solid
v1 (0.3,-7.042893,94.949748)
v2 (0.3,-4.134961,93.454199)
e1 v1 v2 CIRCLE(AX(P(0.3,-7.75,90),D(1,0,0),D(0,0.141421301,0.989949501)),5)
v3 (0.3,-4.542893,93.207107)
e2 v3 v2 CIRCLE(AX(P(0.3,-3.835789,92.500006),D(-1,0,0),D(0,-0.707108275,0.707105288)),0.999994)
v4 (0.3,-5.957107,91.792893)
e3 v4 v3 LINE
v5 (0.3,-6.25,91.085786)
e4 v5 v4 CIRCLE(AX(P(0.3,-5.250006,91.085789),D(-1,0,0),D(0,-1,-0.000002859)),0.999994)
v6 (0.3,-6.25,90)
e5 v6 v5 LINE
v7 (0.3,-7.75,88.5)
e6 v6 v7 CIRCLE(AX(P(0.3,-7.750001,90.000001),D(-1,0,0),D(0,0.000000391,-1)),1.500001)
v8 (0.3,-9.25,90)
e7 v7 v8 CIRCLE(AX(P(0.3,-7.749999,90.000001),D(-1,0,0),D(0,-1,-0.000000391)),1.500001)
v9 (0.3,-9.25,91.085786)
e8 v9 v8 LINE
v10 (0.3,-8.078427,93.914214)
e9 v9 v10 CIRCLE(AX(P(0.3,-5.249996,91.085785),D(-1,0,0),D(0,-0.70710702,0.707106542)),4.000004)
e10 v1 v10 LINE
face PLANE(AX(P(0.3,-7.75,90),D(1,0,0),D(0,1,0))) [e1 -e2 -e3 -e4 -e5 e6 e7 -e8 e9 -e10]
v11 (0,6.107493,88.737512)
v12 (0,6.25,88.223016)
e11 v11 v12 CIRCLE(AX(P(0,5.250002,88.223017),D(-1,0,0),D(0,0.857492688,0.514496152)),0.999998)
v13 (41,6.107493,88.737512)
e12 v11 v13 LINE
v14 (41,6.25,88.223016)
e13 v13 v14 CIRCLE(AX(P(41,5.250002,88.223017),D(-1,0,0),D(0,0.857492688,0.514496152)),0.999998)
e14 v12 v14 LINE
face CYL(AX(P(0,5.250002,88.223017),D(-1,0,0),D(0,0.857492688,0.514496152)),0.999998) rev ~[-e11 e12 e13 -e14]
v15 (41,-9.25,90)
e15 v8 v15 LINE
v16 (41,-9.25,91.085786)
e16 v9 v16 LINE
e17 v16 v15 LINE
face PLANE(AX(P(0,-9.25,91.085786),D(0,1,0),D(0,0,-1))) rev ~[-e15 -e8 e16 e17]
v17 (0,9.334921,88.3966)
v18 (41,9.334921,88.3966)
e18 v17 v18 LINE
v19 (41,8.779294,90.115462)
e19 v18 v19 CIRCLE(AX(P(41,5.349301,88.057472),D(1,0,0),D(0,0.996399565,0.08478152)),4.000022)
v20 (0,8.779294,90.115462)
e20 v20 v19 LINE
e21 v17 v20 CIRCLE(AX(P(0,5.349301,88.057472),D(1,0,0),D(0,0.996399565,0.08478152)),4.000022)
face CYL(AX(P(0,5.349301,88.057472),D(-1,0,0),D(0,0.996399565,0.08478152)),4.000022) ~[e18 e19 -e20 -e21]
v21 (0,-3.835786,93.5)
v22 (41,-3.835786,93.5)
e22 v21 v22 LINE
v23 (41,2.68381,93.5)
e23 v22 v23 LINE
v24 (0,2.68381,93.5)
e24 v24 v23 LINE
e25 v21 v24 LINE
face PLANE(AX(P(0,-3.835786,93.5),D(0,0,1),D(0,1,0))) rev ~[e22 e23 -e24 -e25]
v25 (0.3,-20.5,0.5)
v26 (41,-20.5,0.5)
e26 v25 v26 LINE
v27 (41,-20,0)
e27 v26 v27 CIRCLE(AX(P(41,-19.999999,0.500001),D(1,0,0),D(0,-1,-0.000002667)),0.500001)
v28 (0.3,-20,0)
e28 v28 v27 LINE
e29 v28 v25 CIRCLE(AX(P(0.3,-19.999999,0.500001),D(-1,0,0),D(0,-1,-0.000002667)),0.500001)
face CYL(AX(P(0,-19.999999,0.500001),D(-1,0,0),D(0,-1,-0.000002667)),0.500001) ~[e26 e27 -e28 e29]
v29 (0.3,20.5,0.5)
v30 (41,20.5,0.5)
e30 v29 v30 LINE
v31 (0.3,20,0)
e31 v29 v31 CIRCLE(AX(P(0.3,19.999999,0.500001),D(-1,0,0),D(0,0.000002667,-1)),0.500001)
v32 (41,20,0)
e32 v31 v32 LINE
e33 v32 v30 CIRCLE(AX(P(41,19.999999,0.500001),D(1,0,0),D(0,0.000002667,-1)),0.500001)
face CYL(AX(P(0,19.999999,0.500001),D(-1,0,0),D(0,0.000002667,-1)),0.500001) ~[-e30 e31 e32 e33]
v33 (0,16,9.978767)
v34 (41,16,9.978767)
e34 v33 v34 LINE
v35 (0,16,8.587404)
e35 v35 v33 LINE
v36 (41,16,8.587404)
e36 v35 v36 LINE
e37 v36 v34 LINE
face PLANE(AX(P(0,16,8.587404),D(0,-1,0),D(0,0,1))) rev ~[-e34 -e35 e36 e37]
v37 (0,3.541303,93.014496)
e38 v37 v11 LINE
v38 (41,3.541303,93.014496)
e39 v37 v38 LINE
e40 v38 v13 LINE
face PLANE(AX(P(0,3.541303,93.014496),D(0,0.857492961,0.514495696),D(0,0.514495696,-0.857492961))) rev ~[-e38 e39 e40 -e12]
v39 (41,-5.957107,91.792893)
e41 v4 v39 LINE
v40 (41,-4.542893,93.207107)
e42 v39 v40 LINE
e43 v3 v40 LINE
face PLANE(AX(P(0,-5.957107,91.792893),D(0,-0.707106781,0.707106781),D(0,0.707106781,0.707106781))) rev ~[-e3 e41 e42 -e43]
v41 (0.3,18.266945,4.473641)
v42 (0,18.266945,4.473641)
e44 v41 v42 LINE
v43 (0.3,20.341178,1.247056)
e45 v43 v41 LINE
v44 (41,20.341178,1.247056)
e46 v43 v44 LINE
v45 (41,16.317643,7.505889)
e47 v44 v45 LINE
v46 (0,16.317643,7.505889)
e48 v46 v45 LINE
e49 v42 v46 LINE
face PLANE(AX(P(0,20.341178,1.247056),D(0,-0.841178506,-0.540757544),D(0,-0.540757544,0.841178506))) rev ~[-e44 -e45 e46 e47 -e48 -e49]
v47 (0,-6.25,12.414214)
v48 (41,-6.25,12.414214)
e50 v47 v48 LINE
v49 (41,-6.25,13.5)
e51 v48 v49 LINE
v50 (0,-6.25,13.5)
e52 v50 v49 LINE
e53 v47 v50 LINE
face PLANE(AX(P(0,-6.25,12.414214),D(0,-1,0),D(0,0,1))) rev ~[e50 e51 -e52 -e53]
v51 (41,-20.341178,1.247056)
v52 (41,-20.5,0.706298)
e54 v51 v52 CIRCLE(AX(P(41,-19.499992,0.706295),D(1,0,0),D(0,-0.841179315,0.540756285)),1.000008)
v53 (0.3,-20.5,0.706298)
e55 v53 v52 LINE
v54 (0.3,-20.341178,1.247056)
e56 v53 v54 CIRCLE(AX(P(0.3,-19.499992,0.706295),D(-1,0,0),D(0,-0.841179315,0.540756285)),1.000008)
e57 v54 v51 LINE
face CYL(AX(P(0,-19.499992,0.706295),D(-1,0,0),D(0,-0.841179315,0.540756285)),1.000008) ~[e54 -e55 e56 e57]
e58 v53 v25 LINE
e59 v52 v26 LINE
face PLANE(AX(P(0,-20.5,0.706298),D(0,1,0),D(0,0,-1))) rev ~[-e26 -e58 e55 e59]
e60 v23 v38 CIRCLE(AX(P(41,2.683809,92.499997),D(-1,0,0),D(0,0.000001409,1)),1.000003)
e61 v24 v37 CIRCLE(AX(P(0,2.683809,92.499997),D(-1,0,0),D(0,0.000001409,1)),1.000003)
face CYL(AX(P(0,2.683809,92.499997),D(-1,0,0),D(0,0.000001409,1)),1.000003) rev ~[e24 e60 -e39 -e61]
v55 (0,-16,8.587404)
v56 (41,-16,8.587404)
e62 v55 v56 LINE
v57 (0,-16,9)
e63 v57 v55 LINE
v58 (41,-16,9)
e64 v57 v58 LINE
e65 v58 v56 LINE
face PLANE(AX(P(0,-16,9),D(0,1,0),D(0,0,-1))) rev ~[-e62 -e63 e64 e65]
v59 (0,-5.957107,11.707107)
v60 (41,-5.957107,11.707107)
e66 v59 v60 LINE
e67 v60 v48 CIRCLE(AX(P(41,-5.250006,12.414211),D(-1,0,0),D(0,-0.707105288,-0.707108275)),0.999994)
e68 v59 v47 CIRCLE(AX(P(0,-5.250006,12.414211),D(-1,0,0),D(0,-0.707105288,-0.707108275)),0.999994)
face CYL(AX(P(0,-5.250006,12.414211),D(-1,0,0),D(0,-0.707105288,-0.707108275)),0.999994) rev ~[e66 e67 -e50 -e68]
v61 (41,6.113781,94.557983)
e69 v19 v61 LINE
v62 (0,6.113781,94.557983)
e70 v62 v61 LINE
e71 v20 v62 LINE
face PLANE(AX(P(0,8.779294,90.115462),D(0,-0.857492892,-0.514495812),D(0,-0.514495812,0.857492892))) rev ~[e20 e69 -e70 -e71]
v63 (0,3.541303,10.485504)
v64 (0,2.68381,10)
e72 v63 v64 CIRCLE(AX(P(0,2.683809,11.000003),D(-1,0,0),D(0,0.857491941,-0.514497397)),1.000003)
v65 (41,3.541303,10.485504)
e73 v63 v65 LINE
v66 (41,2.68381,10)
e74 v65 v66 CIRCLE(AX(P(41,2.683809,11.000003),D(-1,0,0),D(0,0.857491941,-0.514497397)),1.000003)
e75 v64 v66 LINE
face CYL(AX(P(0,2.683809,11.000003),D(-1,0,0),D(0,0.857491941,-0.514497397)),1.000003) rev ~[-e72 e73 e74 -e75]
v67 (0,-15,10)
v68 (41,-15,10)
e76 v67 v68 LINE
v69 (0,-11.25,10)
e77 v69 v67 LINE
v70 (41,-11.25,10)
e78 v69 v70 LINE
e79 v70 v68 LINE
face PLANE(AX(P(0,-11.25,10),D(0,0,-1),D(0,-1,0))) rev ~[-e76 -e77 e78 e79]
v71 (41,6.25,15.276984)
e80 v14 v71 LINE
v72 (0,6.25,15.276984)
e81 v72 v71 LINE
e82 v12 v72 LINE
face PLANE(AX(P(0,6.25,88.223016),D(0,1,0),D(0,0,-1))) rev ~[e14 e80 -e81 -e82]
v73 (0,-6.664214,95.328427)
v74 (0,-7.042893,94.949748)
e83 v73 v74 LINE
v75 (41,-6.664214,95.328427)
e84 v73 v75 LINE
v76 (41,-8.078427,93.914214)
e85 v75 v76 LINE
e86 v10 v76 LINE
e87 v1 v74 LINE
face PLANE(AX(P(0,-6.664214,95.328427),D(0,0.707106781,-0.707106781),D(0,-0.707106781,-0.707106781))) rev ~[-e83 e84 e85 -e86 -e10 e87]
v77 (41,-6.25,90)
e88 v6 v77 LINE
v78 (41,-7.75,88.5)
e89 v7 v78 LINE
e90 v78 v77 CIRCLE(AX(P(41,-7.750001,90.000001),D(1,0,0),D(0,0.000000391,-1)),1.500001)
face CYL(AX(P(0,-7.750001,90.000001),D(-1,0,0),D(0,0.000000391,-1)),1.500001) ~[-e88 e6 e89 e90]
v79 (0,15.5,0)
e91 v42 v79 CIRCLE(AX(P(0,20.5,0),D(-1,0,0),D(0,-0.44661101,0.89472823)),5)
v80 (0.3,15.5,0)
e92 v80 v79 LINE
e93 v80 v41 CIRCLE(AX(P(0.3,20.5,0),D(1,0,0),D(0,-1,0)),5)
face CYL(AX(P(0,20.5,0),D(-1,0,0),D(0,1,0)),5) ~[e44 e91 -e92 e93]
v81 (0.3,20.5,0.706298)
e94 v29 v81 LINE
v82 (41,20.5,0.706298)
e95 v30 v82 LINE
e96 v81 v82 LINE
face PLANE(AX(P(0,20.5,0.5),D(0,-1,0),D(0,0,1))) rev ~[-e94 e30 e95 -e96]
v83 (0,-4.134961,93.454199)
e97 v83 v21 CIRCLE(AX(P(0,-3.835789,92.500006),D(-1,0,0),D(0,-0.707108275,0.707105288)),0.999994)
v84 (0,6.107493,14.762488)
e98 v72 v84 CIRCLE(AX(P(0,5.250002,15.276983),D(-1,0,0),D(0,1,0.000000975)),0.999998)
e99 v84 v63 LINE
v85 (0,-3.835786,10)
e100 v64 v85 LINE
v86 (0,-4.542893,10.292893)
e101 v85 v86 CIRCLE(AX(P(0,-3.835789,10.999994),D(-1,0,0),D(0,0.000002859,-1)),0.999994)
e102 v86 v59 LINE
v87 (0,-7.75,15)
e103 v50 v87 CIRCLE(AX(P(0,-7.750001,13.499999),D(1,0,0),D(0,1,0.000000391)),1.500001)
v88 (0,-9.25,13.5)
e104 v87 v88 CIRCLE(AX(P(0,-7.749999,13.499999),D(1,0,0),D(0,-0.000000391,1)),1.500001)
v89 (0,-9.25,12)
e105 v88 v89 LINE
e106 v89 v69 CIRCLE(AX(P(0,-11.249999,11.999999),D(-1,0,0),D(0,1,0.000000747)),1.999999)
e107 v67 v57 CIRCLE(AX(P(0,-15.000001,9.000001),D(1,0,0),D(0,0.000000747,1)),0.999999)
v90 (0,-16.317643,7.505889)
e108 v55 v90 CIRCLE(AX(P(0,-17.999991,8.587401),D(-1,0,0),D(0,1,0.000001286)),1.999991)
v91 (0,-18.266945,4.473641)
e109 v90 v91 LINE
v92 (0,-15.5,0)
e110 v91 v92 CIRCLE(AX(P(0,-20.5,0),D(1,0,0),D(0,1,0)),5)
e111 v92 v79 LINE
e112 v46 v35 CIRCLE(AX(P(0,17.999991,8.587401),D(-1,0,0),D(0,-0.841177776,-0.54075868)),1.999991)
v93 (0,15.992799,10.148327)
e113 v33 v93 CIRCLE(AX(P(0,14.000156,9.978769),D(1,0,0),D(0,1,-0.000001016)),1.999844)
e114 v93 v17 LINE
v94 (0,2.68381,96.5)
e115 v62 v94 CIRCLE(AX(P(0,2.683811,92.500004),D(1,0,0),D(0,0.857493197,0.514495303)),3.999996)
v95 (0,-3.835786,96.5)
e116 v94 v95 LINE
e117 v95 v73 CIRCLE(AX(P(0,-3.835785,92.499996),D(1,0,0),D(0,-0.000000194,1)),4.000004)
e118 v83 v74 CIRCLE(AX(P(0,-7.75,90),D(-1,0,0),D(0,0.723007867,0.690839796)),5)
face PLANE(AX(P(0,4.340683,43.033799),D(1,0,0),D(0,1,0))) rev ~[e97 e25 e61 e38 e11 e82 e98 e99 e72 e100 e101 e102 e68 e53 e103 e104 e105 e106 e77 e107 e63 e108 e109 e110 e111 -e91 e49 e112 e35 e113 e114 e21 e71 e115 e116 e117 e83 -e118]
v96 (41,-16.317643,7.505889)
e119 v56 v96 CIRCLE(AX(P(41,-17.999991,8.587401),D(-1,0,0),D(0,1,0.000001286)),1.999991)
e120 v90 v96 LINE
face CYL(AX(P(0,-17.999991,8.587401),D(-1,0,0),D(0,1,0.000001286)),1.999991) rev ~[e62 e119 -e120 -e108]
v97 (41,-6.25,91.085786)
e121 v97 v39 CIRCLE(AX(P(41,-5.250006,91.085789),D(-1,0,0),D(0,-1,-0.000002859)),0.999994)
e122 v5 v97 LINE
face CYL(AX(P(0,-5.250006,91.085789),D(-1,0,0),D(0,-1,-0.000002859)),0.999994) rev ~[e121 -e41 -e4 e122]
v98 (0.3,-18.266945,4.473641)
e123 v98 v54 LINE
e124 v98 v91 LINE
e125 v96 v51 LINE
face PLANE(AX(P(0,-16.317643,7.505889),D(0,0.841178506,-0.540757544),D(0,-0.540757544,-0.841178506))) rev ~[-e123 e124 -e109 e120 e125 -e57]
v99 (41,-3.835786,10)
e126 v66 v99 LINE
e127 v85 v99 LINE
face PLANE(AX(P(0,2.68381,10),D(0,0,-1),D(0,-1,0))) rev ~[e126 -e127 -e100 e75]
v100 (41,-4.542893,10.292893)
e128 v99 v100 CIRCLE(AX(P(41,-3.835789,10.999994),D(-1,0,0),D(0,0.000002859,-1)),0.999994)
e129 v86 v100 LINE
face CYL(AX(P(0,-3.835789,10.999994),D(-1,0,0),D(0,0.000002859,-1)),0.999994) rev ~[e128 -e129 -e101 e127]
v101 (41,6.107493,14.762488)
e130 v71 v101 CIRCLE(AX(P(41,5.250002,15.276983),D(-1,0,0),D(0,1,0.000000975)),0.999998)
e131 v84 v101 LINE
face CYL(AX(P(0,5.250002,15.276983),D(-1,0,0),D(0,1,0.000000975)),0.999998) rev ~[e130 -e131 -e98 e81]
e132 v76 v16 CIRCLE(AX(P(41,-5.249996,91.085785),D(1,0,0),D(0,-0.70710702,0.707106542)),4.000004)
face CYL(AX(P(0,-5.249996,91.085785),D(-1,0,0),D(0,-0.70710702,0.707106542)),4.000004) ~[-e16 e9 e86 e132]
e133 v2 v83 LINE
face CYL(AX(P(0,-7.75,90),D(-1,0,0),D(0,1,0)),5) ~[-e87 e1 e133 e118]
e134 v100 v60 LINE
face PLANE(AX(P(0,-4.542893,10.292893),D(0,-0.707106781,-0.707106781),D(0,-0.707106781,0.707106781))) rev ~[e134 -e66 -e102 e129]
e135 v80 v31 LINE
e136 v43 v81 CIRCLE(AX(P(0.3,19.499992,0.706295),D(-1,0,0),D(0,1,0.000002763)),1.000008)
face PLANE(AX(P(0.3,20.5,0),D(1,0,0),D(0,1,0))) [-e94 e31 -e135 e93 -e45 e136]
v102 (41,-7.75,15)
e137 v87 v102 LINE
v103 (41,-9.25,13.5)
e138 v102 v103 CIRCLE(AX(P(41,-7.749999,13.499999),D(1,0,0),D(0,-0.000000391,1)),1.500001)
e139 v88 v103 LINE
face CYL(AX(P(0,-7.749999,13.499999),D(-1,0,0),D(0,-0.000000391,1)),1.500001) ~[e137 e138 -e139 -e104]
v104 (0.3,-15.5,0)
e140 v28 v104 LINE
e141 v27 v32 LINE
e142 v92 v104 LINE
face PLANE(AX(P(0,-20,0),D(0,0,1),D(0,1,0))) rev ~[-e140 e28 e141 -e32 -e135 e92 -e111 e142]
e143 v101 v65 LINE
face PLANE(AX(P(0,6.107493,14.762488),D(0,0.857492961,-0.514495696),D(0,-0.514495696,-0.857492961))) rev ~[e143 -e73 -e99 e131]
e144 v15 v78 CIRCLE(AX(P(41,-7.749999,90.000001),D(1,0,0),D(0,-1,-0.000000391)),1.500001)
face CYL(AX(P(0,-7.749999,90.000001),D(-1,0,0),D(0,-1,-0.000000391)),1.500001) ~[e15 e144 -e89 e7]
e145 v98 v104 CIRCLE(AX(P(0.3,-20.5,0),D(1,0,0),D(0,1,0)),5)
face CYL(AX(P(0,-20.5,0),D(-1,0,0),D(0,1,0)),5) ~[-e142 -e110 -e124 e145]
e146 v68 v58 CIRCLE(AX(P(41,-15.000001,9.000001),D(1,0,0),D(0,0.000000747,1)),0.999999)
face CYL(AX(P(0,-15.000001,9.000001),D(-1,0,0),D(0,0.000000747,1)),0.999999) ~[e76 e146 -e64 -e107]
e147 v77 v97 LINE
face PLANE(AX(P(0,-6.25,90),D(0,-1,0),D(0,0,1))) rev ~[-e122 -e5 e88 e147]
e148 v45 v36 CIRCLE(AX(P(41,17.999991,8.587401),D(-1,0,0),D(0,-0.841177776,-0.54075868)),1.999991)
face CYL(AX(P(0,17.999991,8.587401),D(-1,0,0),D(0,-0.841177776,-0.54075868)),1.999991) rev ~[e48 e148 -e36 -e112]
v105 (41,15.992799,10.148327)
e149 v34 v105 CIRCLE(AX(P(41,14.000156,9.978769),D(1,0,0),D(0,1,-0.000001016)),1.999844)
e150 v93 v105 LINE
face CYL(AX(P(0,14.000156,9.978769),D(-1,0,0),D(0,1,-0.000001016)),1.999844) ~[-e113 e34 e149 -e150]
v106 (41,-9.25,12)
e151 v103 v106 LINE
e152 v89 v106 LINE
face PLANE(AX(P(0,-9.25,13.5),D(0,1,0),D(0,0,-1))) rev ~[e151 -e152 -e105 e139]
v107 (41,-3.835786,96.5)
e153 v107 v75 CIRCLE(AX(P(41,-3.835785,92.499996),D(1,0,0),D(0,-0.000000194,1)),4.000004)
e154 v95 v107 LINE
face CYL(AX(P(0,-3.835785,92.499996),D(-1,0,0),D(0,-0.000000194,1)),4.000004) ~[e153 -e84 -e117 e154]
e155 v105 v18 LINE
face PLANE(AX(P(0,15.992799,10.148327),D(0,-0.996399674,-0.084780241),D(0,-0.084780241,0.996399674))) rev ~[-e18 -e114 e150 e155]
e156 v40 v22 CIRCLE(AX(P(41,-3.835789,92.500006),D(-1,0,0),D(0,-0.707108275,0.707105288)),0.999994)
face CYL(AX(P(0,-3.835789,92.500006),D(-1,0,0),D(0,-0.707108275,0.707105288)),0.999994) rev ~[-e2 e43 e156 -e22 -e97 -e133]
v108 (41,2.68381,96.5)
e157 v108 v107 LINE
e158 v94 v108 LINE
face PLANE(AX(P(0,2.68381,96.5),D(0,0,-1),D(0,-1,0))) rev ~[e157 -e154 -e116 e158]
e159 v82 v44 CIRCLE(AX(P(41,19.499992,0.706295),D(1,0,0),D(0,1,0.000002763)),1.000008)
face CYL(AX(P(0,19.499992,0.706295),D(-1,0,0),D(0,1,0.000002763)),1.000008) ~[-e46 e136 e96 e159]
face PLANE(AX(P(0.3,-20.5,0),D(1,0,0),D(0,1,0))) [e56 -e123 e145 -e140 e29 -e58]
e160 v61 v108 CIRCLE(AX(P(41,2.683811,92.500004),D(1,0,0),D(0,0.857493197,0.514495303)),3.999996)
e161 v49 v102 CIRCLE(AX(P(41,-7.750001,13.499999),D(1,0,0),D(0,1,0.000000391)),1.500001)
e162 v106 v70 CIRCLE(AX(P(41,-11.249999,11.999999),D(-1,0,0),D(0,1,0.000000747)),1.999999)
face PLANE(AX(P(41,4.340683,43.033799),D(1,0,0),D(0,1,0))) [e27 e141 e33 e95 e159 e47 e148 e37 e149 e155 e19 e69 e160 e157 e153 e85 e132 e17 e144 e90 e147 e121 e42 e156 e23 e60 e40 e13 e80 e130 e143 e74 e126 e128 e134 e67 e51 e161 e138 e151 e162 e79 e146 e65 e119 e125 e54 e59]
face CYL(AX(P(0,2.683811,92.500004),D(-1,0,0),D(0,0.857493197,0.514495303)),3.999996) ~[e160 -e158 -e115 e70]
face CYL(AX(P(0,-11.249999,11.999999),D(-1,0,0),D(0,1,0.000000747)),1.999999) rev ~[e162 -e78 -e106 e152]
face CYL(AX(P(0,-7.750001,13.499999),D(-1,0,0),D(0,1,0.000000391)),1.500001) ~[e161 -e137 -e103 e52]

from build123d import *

# Parameters (mm, degrees)
F1_DEPTH = 41
F2_R     = 5
F3_DEPTH = 0.3


with BuildPart() as f1:
    # F0 (on Right) → F1 (new body)
    with BuildSketch(Plane.YZ):
        with BuildLine():
            Line((-20, 0), (0, 0))
            Line((0, 0), (20, 0))
            ThreePointArc((20, 0), (20.353553, 0.146447), (20.5, 0.5))
            Line((20.5, 0.5), (20.5, 0.706298))
            ThreePointArc((20.5, 0.706298), (20.459473, 0.988097), (20.341178, 1.247056))
            Line((20.341178, 1.247056), (16.317643, 7.505889))
            ThreePointArc((16.317643, 7.505889), (16.081053, 8.023805), (16, 8.587404))
            Line((16, 8.587404), (16, 9.978767))
            ThreePointArc((16, 9.978767), (15.998199, 10.063623), (15.992799, 10.148327))
            Line((15.992799, 10.148327), (9.334921, 88.3966))
            ThreePointArc((9.334921, 88.3966), (9.155408, 89.287807), (8.779294, 90.115462))
            Line((8.779294, 90.115462), (6.113781, 94.557983))
            ThreePointArc((6.113781, 94.557983), (4.654605, 95.9808), (2.68381, 96.5))
            Line((2.68381, 96.5), (-3.835786, 96.5))
            ThreePointArc((-3.835786, 96.5), (-5.36652, 96.195518), (-6.664214, 95.328427))
            Line((-6.664214, 95.328427), (-8.078427, 93.914214))
            ThreePointArc((-8.078427, 93.914214), (-8.945518, 92.61652), (-9.25, 91.085786))
            Line((-9.25, 91.085786), (-9.25, 90))
            ThreePointArc((-9.25, 90), (-8.81066, 88.93934), (-7.75, 88.5))
            ThreePointArc((-7.75, 88.5), (-6.68934, 88.93934), (-6.25, 90))
            Line((-6.25, 90), (-6.25, 91.085786))
            ThreePointArc((-6.25, 91.085786), (-6.17388, 91.46847), (-5.957107, 91.792893))
            Line((-5.957107, 91.792893), (-4.542893, 93.207107))
            ThreePointArc((-4.542893, 93.207107), (-4.21847, 93.42388), (-3.835786, 93.5))
            Line((-3.835786, 93.5), (2.68381, 93.5))
            ThreePointArc((2.68381, 93.5), (3.176508, 93.3702), (3.541303, 93.014496))
            Line((3.541303, 93.014496), (6.107493, 88.737512))
            ThreePointArc((6.107493, 88.737512), (6.213715, 88.48995), (6.25, 88.223016))
            Line((6.25, 88.223016), (6.25, 15.276984))
            ThreePointArc((6.25, 15.276984), (6.213715, 15.01005), (6.107493, 14.762488))
            Line((6.107493, 14.762488), (3.541303, 10.485504))
            ThreePointArc((3.541303, 10.485504), (3.176508, 10.1298), (2.68381, 10))
            Line((2.68381, 10), (0, 10))
            Line((0, 10), (-3.835786, 10))
            ThreePointArc((-3.835786, 10), (-4.21847, 10.07612), (-4.542893, 10.292893))
            Line((-4.542893, 10.292893), (-5.957107, 11.707107))
            ThreePointArc((-5.957107, 11.707107), (-6.17388, 12.03153), (-6.25, 12.414214))
            Line((-6.25, 12.414214), (-6.25, 13.5))
            ThreePointArc((-6.25, 13.5), (-6.68934, 14.56066), (-7.75, 15))
            ThreePointArc((-7.75, 15), (-8.81066, 14.56066), (-9.25, 13.5))
            Line((-9.25, 13.5), (-9.25, 12))
            ThreePointArc((-9.25, 12), (-9.835786, 10.585786), (-11.25, 10))
            Line((-11.25, 10), (-15, 10))
            ThreePointArc((-15, 10), (-15.707107, 9.707107), (-16, 9))
            Line((-16, 9), (-16, 8.587404))
            ThreePointArc((-16, 8.587404), (-16.081053, 8.023805), (-16.317643, 7.505889))
            Line((-16.317643, 7.505889), (-20.341178, 1.247056))
            ThreePointArc((-20.341178, 1.247056), (-20.459473, 0.988097), (-20.5, 0.706298))
            Line((-20.5, 0.706298), (-20.5, 0.5))
            ThreePointArc((-20.5, 0.5), (-20.353553, 0.146447), (-20, 0))
        make_face()
    extrude(amount=F1_DEPTH)

    # F2 (on Right) → F3 (join)
    with BuildSketch(Plane.YZ):
        with Locations((-20.5, 0)):
            Circle(F2_R)
        with Locations((20.5, 0)):
            Circle(F2_R)
        with Locations((-7.75, 90)):
            Circle(F2_R)
    extrude(amount=F3_DEPTH)


solid = f1.part
